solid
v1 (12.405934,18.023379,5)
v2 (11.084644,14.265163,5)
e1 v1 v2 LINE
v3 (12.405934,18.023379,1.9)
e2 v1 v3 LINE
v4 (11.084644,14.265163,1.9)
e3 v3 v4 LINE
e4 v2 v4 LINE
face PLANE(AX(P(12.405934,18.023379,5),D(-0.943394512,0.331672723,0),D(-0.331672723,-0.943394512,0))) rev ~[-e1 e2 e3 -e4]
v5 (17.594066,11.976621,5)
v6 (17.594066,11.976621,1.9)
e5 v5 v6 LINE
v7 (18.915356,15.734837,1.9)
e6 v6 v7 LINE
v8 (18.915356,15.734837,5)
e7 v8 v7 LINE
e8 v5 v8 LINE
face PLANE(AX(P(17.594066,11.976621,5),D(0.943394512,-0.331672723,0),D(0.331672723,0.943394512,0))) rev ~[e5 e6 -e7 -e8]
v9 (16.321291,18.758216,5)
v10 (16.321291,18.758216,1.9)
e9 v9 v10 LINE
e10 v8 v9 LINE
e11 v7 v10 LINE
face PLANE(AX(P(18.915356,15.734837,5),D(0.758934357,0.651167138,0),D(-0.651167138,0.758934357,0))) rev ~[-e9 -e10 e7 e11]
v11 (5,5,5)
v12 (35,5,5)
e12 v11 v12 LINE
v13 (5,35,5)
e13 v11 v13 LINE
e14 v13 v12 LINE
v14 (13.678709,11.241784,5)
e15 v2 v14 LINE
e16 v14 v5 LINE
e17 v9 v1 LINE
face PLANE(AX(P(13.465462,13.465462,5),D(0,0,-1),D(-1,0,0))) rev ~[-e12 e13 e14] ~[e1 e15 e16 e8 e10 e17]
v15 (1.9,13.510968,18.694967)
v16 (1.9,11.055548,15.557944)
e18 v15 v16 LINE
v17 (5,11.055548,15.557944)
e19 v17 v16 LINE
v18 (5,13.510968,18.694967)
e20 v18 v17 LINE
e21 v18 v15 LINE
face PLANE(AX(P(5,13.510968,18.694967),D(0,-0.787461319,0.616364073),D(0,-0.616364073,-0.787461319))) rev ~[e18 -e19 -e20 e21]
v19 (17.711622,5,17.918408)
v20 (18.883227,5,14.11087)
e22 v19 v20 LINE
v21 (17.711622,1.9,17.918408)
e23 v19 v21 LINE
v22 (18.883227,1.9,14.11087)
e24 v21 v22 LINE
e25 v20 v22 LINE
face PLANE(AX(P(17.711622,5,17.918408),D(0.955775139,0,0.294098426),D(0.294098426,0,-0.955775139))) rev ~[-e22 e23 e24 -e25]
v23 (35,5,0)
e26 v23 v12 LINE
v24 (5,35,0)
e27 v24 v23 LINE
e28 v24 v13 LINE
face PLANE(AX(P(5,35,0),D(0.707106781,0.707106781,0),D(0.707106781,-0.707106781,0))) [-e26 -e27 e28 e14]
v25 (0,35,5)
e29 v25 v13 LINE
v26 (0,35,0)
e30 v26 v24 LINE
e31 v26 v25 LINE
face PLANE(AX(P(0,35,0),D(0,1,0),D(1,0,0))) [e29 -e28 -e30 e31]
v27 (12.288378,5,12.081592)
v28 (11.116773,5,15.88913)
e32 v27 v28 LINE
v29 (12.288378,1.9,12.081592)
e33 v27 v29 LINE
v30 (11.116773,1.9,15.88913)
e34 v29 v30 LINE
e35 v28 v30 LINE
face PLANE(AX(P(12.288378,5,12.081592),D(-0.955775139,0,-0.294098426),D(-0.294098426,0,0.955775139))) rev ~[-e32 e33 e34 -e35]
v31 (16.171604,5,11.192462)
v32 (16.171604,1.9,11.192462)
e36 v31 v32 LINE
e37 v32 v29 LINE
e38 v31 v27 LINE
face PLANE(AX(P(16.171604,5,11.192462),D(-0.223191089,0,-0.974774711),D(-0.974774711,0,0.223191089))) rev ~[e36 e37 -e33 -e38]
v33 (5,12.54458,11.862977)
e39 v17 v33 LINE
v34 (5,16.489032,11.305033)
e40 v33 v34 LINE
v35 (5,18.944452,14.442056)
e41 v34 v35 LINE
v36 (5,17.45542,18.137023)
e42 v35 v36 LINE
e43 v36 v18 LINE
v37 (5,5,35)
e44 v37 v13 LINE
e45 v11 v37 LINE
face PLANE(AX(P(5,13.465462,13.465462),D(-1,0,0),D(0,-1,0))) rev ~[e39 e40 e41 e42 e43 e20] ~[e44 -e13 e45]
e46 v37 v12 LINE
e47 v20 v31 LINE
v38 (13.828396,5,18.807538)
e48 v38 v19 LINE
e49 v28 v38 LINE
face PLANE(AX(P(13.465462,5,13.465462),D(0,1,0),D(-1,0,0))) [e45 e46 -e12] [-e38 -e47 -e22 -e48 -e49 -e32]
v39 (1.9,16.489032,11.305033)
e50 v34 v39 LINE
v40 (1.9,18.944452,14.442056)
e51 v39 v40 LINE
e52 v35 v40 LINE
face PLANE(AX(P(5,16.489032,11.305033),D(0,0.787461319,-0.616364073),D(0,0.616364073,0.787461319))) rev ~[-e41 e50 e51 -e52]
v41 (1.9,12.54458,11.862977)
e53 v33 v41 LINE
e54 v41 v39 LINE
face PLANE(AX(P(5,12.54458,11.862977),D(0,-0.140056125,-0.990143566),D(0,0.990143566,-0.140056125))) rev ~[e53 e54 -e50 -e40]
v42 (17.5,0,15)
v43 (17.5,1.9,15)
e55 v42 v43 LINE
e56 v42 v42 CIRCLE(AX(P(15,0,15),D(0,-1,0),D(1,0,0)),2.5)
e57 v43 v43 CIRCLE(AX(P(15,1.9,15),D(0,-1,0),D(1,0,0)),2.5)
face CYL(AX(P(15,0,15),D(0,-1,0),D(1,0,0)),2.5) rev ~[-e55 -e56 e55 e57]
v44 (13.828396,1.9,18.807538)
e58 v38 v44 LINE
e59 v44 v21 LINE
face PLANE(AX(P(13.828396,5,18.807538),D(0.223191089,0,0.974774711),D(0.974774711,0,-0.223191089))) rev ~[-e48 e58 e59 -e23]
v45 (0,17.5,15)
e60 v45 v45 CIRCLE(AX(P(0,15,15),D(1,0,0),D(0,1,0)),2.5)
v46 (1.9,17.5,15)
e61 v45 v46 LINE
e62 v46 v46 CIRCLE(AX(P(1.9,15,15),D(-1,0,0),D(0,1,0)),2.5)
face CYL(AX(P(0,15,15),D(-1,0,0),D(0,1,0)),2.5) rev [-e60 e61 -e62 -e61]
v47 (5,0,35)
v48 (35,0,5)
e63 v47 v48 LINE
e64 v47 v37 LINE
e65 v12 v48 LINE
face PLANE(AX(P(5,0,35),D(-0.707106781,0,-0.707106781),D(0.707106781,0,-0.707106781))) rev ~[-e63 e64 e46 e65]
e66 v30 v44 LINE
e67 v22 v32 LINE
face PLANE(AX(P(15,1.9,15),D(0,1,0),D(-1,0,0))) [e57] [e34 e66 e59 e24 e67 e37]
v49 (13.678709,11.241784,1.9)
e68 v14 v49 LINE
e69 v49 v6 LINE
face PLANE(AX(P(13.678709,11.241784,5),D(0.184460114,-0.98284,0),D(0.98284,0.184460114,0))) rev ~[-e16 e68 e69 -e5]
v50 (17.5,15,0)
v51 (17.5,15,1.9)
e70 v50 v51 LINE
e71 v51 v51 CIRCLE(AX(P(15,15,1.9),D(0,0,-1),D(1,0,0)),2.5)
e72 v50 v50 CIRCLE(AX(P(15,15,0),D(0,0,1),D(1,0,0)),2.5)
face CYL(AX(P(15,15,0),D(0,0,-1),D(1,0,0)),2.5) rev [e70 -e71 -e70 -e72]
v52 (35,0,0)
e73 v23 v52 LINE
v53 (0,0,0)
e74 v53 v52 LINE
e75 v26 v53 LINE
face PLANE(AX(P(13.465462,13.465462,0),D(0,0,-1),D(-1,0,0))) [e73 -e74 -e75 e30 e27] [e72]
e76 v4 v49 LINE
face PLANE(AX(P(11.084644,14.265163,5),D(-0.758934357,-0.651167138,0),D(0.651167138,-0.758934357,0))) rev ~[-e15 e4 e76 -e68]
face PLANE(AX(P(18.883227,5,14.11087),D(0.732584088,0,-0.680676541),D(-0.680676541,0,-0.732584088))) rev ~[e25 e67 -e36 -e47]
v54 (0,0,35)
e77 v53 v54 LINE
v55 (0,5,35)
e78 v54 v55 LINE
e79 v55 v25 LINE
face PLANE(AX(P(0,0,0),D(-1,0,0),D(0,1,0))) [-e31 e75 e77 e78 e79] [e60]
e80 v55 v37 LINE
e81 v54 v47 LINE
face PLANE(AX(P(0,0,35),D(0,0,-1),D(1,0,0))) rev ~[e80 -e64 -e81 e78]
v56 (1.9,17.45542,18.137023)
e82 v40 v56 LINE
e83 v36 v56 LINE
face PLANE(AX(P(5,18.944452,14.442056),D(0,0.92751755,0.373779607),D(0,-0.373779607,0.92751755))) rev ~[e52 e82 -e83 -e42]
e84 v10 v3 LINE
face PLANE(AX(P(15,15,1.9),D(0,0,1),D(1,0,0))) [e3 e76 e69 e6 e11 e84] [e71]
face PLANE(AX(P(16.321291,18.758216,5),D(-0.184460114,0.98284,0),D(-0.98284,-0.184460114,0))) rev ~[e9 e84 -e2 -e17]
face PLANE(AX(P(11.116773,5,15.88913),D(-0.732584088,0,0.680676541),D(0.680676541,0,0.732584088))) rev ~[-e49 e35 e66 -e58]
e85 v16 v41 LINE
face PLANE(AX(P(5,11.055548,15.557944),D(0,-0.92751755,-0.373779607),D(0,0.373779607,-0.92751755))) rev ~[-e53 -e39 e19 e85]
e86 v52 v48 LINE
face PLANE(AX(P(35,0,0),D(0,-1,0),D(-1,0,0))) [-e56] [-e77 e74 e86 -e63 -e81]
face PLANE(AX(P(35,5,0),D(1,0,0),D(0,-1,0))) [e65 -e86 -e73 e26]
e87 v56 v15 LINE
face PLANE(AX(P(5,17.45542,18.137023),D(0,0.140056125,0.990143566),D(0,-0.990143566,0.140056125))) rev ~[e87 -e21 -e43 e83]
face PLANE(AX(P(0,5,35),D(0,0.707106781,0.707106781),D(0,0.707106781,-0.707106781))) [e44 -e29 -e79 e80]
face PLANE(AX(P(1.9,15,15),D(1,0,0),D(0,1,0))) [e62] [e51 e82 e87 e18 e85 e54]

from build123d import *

# Parameters (mm, degrees)
SKETCH_R        = 2.5
PAD_DEPTH       = 5
SKETCH001_R     = 2.5
PAD001_DEPTH    = 5
SKETCH002_R     = 2.5
PAD002_DEPTH    = 5
POCKET_DEPTH    = 3.1
POCKET001_DEPTH = 3.1
POCKET002_DEPTH = 3.1


with BuildPart() as part:
    # Sketch → Pad (new body)
    with BuildSketch(Plane.XY):
        Polygon((0, 0), (0, 35), (5, 35), (35, 5), (35, 0), align=None)
        with Locations((15, 15)):
            Circle(SKETCH_R, mode=Mode.SUBTRACT)
    extrude(amount=PAD_DEPTH)

    # Sketch001 → Pad001 (join)
    with BuildSketch(Plane.XZ):
        Polygon((0, 0), (0, 35), (5, 35), (35, 5), (35, 0), align=None)
        with Locations((15, 15)):
            Circle(SKETCH001_R, mode=Mode.SUBTRACT)
    extrude(amount=-PAD001_DEPTH)

    # Sketch002 → Pad002 (join)
    with BuildSketch(Plane.YZ):
        Polygon((0, 0), (0, 35), (5, 35), (35, 5), (35, 0), align=None)
        with Locations((15, 15)):
            Circle(SKETCH002_R, mode=Mode.SUBTRACT)
    extrude(amount=PAD002_DEPTH)

    # Sketch003 (on Face11 of Pad002) → Pocket (cut)
    with BuildSketch(Plane(origin=(0, 5, 0), x_dir=(-1, 0, 0), z_dir=(0, 1, 0))):
        Polygon((-13.828396, 18.807538), (-17.711622, 17.918408), (-18.883227, 14.11087), (-16.171604, 11.192462), (-12.288378, 12.081592), (-11.116773, 15.88913), align=None)
    extrude(amount=-POCKET_DEPTH, mode=Mode.SUBTRACT)

    # Sketch004 (on Face10 of Pocket) → Pocket001 (cut)
    with BuildSketch(Plane.XY.offset(5)):
        Polygon((16.321291, 18.758216), (12.405934, 18.023379), (11.084644, 14.265163), (13.678709, 11.241784), (17.594066, 11.976621), (18.915356, 15.734837), align=None)
    extrude(amount=-POCKET001_DEPTH, mode=Mode.SUBTRACT)

    # Sketch005 (on Face12 of Pocket001) → Pocket002 (cut)
    with BuildSketch(Plane.YZ.offset(5)):
        Polygon((18.944452, 14.442056), (17.45542, 18.137023), (13.510968, 18.694967), (11.055548, 15.557944), (12.54458, 11.862977), (16.489032, 11.305033), align=None)
    extrude(amount=-POCKET002_DEPTH, mode=Mode.SUBTRACT)


solid = part.part
